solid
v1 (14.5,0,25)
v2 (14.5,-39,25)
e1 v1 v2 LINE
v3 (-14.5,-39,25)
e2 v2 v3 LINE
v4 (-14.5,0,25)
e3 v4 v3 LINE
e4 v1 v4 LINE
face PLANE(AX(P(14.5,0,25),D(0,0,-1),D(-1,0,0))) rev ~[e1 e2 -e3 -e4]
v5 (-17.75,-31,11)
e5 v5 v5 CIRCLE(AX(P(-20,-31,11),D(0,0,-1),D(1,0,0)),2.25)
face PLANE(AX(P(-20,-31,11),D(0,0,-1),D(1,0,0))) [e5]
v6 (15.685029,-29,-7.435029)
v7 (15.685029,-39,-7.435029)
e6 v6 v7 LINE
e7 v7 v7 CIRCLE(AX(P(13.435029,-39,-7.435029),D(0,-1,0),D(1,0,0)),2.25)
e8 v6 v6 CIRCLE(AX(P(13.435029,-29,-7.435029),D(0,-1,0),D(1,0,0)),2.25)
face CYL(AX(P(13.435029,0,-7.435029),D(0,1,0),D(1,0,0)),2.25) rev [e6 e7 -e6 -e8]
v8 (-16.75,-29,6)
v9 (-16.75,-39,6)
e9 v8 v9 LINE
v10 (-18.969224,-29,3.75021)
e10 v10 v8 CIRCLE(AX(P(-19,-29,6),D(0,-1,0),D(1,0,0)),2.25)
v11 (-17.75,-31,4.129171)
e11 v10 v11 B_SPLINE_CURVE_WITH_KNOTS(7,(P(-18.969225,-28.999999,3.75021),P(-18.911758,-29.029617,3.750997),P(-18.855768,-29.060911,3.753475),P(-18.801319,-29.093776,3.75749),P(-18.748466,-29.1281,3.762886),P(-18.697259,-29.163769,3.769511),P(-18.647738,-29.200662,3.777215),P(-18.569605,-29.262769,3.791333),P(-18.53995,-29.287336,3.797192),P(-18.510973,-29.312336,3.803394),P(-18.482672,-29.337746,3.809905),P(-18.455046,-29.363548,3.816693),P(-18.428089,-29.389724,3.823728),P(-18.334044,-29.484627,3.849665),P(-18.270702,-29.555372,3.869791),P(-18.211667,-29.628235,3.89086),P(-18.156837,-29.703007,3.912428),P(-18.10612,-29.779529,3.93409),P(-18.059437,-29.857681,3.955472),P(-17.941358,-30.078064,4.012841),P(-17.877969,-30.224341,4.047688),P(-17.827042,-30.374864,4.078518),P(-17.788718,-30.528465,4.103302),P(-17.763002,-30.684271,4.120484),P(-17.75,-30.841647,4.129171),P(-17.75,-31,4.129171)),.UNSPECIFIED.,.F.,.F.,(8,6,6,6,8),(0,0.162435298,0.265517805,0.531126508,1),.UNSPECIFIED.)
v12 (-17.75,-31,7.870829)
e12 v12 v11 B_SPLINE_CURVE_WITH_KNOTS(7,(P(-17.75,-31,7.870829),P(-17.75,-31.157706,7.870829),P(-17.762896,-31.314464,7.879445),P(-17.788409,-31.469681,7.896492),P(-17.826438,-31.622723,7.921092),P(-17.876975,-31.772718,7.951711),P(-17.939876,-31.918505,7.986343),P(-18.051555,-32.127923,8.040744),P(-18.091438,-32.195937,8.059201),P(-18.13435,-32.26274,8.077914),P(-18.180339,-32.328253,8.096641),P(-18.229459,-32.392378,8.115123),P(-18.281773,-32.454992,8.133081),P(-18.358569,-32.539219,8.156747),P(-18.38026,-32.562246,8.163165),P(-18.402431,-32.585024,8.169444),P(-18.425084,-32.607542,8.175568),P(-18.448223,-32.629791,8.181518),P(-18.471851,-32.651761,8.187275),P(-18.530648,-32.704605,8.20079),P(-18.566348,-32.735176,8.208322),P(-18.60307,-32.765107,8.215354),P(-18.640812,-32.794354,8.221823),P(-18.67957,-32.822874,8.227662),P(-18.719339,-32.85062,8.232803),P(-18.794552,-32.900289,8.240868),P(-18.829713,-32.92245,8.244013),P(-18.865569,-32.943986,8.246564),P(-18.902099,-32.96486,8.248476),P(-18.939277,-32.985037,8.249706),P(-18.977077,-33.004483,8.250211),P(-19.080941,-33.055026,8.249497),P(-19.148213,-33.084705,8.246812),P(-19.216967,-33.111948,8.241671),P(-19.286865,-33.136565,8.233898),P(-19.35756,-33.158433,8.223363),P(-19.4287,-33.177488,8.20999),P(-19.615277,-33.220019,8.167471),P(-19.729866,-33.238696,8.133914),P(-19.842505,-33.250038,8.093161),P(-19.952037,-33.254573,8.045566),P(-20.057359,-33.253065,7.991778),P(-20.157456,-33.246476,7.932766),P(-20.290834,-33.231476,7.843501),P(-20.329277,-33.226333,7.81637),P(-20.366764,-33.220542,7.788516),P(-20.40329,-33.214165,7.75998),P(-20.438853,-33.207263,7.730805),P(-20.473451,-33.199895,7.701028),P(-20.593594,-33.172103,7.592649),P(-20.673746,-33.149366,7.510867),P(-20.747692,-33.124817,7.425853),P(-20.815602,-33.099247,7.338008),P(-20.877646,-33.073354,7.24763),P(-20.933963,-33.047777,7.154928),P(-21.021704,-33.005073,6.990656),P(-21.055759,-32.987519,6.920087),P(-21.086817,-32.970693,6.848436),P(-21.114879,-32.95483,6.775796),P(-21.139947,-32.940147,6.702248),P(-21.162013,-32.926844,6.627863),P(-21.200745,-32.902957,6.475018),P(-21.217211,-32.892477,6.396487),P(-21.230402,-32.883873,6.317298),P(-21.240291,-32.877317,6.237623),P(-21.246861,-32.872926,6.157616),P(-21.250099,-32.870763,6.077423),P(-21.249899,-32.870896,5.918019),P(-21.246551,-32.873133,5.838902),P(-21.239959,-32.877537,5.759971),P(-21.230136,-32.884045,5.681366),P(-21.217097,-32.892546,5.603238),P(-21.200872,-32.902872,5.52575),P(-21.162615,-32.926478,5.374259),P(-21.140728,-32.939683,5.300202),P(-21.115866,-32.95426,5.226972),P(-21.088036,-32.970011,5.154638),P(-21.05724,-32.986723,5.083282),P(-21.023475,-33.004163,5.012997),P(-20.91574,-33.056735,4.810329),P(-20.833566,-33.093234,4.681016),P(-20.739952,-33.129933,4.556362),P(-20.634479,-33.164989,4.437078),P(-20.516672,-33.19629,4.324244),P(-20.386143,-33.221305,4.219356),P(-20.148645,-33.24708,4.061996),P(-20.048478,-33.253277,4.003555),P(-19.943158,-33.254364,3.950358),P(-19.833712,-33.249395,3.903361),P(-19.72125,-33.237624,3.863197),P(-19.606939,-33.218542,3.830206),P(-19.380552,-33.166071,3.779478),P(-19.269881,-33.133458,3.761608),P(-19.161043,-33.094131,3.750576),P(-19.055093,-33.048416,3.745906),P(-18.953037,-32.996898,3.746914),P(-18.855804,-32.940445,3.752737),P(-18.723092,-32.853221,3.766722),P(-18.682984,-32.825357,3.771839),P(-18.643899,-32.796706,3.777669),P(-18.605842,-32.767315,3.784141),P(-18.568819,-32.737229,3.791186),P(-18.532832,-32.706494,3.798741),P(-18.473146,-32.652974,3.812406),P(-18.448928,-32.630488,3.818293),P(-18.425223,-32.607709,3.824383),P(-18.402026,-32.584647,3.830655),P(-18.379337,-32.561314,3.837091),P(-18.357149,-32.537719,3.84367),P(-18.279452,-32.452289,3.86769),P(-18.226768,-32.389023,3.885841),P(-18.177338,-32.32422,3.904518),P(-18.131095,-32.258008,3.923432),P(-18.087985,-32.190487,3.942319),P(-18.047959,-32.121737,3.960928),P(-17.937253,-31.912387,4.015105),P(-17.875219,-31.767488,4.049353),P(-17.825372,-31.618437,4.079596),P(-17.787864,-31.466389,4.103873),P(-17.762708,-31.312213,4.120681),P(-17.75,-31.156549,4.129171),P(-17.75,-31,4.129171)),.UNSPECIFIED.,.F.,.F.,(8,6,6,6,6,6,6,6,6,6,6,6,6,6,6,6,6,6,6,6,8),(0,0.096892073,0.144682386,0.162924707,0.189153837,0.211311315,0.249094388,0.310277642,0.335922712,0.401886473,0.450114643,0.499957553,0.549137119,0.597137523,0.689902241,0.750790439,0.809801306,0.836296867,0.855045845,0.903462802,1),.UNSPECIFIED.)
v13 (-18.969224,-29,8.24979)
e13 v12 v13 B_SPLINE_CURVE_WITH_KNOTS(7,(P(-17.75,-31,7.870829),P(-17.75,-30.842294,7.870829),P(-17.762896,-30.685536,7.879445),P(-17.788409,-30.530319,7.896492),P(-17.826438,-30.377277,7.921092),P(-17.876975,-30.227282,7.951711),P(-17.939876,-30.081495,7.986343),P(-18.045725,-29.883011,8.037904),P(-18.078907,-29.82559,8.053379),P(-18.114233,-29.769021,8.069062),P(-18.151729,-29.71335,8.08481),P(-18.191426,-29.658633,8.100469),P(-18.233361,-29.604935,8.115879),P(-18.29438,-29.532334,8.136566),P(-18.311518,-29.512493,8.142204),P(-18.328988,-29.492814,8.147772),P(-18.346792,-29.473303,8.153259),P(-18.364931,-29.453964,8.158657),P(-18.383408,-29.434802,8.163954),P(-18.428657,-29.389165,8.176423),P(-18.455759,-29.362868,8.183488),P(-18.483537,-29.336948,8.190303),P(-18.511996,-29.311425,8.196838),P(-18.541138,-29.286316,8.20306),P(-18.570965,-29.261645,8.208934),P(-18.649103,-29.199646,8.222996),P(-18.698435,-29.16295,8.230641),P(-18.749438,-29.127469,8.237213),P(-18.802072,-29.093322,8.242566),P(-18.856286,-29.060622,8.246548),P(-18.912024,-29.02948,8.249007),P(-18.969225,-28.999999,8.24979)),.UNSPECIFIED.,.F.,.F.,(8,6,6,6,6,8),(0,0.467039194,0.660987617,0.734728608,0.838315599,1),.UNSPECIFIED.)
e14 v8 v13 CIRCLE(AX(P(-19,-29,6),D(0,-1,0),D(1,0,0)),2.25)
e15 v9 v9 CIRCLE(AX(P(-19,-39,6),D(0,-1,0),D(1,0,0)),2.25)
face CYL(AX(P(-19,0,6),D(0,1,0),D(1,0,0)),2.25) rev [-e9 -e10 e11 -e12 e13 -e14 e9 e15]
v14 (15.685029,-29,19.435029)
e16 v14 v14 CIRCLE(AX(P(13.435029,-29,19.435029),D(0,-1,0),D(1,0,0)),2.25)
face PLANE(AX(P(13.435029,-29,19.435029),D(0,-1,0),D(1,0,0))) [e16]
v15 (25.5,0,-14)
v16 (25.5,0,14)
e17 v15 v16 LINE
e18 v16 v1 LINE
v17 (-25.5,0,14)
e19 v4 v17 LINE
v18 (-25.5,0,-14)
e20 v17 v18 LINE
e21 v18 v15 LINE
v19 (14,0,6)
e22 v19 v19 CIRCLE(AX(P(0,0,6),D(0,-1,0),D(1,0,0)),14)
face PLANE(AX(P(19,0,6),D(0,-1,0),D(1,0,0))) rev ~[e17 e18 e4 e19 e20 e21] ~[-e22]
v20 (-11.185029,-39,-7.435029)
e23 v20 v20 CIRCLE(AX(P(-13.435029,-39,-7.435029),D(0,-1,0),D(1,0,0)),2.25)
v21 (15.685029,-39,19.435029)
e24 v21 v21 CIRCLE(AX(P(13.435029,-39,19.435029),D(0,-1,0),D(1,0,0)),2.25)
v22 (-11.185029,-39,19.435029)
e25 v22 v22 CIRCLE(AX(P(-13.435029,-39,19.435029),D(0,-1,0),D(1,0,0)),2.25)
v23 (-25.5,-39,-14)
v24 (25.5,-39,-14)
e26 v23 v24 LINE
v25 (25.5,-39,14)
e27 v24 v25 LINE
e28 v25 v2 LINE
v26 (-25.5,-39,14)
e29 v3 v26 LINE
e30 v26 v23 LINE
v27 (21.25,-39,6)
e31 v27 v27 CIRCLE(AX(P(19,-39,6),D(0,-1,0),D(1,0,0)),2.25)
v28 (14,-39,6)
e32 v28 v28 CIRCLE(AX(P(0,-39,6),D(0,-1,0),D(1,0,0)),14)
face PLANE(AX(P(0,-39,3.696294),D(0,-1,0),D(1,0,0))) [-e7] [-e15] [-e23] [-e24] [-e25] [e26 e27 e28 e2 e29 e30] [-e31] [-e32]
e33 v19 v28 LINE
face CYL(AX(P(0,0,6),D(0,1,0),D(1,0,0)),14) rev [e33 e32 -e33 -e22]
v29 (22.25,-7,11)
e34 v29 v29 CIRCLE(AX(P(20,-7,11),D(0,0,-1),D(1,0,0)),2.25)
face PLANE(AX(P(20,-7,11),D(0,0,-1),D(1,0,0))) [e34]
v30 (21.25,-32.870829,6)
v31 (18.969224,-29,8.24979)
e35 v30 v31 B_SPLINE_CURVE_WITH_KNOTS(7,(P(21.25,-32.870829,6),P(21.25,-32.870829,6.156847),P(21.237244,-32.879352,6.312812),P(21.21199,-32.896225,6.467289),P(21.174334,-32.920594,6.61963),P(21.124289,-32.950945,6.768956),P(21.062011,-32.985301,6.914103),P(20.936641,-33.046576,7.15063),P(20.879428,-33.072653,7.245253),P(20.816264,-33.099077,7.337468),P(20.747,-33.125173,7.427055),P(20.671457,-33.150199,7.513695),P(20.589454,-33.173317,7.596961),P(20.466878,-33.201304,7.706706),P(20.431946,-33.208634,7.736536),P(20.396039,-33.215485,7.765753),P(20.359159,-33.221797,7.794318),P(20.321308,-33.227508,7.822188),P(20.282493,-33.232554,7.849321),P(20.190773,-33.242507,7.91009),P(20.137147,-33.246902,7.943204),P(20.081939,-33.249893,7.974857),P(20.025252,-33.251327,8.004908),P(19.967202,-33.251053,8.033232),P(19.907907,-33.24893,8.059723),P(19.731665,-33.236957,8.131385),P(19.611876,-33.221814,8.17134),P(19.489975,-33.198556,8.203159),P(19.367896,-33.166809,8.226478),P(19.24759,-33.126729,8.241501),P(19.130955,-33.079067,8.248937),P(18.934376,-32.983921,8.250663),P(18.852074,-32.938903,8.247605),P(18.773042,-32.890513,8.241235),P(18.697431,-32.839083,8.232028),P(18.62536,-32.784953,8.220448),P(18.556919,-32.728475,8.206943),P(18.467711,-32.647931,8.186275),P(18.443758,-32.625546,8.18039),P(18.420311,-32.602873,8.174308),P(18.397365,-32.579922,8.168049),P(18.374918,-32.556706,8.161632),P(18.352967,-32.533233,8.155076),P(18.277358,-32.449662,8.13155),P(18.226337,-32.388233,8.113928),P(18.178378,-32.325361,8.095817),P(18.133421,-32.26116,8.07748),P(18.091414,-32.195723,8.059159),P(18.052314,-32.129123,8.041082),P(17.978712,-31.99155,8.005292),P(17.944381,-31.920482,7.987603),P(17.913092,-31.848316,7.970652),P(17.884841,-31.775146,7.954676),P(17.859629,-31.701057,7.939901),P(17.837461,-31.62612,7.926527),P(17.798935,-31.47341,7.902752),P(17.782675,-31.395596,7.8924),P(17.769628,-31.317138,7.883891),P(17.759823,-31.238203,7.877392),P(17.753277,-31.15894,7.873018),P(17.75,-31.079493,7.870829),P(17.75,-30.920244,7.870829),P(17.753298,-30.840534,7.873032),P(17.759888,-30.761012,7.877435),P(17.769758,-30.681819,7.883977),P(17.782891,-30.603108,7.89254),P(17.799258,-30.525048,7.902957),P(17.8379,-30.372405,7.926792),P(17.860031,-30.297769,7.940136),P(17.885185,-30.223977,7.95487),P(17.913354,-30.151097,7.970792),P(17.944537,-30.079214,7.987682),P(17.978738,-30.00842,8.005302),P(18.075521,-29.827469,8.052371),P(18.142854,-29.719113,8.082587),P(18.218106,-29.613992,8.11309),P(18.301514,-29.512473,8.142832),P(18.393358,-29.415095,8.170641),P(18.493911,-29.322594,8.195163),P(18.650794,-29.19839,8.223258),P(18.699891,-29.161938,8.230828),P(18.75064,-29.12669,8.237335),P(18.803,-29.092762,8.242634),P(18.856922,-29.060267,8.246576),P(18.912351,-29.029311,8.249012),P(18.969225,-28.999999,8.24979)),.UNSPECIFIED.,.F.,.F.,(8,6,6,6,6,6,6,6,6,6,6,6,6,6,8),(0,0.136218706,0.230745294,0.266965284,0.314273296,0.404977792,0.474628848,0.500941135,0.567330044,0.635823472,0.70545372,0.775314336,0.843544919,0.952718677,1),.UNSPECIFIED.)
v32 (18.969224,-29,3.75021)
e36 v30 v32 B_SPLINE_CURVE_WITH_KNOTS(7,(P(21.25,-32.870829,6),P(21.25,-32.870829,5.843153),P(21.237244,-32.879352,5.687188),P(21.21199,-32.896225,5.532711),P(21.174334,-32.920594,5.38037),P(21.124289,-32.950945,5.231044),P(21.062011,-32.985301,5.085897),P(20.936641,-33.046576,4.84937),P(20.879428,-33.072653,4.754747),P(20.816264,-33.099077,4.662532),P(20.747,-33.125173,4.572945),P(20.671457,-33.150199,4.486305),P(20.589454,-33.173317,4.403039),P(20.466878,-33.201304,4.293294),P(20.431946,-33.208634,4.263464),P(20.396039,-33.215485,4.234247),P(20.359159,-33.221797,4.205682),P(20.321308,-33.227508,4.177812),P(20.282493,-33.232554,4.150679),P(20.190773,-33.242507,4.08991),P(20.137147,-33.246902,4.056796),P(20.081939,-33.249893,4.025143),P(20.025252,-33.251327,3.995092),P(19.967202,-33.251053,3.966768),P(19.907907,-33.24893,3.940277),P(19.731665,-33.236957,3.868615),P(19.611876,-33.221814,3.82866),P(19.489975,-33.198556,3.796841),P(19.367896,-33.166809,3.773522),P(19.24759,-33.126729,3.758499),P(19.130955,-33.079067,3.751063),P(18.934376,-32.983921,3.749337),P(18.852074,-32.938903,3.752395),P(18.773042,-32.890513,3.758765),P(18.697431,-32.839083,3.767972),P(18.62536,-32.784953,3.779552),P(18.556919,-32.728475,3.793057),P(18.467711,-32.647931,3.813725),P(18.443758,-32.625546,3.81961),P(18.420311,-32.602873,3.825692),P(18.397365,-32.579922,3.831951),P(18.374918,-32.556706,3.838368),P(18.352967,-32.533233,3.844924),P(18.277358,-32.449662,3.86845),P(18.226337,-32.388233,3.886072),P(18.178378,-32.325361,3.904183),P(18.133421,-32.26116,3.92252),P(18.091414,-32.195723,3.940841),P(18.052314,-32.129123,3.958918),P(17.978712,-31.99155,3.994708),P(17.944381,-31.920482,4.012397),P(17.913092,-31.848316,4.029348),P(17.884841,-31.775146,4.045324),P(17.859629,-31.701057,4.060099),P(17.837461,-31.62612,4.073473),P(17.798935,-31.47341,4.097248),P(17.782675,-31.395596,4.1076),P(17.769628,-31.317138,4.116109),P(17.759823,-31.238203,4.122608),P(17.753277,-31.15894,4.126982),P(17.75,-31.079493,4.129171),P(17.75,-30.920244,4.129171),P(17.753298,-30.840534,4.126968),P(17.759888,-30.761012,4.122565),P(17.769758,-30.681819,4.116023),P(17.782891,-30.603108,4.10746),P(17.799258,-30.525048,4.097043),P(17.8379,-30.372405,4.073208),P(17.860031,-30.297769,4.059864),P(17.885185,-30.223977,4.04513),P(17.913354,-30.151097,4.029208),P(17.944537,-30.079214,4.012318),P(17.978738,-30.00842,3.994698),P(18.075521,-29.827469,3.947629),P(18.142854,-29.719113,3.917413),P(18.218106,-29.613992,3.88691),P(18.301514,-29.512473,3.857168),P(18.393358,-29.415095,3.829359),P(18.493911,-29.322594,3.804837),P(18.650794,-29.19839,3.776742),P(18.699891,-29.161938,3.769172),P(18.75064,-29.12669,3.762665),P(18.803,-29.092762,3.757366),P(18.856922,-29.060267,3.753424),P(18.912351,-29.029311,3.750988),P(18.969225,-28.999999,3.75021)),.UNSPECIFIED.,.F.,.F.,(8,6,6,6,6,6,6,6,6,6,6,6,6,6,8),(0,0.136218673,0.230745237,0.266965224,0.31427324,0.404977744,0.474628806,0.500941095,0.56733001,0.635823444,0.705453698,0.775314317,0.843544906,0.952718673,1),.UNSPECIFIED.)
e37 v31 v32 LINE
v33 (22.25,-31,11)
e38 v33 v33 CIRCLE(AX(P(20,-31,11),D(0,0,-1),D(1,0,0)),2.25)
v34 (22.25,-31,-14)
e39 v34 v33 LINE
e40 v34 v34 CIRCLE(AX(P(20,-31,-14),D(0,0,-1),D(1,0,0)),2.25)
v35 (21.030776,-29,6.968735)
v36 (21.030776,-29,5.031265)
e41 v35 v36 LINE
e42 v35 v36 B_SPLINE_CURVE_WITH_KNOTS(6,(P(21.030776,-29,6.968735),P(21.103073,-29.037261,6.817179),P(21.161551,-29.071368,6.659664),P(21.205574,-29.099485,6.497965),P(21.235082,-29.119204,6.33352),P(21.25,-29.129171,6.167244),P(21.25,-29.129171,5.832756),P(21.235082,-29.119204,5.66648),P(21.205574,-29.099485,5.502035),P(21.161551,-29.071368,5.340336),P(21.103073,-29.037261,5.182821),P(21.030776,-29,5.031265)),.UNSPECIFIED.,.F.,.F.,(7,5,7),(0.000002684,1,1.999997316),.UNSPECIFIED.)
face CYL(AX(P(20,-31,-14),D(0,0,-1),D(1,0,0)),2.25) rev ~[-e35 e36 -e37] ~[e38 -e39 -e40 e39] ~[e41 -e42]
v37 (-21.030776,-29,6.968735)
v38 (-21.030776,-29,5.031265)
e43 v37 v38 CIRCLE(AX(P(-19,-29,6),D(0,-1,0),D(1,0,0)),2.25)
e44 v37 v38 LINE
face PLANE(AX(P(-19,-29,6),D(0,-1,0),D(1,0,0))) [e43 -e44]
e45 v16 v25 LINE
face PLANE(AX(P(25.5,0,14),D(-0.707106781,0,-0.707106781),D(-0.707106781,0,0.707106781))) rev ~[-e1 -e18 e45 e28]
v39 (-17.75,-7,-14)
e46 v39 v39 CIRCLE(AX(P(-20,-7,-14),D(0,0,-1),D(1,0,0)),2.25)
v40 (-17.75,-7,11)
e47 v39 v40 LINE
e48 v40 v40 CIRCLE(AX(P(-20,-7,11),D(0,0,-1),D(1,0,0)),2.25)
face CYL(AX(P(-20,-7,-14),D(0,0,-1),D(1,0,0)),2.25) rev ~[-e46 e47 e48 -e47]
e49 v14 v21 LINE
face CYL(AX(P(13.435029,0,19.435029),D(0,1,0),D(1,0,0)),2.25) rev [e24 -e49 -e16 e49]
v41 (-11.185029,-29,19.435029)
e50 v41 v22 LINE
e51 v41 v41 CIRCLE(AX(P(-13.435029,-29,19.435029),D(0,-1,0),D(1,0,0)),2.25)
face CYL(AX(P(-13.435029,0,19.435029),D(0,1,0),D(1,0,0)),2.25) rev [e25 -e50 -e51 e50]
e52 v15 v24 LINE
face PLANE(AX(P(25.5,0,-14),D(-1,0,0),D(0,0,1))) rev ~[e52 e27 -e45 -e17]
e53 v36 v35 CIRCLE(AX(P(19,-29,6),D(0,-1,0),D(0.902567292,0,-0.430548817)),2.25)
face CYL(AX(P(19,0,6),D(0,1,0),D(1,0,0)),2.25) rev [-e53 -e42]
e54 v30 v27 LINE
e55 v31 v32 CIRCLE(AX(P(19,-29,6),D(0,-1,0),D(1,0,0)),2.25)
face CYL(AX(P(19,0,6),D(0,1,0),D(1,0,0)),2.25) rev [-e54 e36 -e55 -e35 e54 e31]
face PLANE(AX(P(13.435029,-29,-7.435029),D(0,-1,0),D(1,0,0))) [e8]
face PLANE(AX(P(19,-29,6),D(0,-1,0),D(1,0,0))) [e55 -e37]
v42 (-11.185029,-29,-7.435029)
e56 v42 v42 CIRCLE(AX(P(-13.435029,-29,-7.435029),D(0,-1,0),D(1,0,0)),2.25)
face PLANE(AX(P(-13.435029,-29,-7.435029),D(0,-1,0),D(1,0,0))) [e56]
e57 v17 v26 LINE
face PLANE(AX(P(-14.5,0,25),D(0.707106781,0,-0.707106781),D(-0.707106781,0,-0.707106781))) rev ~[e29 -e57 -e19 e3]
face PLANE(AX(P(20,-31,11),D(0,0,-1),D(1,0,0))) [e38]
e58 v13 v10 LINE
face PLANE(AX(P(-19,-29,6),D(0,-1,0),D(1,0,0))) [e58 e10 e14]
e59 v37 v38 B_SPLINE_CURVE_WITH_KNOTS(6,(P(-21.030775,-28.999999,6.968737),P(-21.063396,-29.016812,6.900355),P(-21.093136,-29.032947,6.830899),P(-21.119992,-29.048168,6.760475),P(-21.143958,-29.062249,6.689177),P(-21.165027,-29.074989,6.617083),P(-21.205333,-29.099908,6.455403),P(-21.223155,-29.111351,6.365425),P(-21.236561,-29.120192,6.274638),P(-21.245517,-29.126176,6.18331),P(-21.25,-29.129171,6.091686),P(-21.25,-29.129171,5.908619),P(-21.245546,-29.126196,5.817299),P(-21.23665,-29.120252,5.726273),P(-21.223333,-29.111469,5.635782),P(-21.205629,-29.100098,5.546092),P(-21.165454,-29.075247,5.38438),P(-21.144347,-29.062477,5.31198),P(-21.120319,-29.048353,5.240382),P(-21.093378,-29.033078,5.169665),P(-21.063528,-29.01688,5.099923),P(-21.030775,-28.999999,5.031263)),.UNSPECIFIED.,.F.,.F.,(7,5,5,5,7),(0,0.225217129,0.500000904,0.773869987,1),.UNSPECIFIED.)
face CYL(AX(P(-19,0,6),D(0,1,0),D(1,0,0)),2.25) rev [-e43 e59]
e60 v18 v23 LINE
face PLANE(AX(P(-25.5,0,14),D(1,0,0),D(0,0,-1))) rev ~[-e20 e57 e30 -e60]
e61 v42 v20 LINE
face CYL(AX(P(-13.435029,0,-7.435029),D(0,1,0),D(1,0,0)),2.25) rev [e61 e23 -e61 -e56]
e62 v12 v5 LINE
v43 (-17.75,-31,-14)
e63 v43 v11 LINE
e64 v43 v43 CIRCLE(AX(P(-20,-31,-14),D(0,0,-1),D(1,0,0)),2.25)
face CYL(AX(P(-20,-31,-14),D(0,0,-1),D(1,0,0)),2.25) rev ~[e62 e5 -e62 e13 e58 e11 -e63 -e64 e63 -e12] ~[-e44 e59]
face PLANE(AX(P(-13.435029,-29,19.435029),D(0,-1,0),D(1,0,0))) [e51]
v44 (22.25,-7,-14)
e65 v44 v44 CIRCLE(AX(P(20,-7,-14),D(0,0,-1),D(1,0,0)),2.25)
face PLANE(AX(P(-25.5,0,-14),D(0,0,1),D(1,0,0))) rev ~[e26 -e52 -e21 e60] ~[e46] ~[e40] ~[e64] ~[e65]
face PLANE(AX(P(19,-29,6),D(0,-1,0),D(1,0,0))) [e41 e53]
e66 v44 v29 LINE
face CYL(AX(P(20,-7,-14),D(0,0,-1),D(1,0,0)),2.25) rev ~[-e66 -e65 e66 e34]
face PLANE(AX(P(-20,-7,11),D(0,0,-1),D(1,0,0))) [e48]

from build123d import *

# Parameters (mm, degrees)
F0_R     = 2.25
F0_R_2   = 14
F2_DEPTH = 39
F3_DEPTH = 29
F1_R     = 2.25
F4_DEPTH = 25


with BuildPart() as f2:
    # F0 (on Front) → F2 (new body)
    with BuildSketch(Plane.XZ):
        Polygon((-25.5, -14), (25.5, -14), (25.5, 14), (14.5, 25), (-14.5, 25), (-25.5, 14), align=None)
        with Locations((-13.435029, -7.435029)):
            Circle(F0_R, mode=Mode.SUBTRACT)
        with Locations((13.435029, -7.435029)):
            Circle(F0_R, mode=Mode.SUBTRACT)
        with Locations((-19, 6)):
            Circle(F0_R, mode=Mode.SUBTRACT)
        with Locations((-13.435029, 19.435029)):
            Circle(F0_R, mode=Mode.SUBTRACT)
        with Locations((0, 6)):
            Circle(F0_R_2, mode=Mode.SUBTRACT)
        with Locations((19, 6)):
            Circle(F0_R, mode=Mode.SUBTRACT)
        with Locations((13.435029, 19.435029)):
            Circle(F0_R, mode=Mode.SUBTRACT)
    extrude(amount=F2_DEPTH)

    # F0 (on Front) → F3 (join)
    with BuildSketch(Plane.XZ):
        with Locations((19, 6)):
            Circle(F0_R)
        with Locations((13.435029, 19.435029)):
            Circle(F0_R)
        with Locations((13.435029, -7.435029)):
            Circle(F0_R)
        with Locations((-13.435029, -7.435029)):
            Circle(F0_R)
        with Locations((-19, 6)):
            Circle(F0_R)
        with Locations((-13.435029, 19.435029)):
            Circle(F0_R)
    extrude(amount=F3_DEPTH)

    # F1 (on face) → F4 (cut)
    with BuildSketch(Plane(origin=(0, 0, -14), x_dir=(1, 0, 0), z_dir=(0, 0, -1))):
        with Locations((-20, 7)):
            Circle(F1_R)
        with Locations((-20, 31)):
            Circle(F1_R)
        with Locations((20, 31)):
            Circle(F1_R)
        with Locations((20, 7)):
            Circle(F1_R)
    extrude(amount=-F4_DEPTH, mode=Mode.SUBTRACT)


solid = f2.part
